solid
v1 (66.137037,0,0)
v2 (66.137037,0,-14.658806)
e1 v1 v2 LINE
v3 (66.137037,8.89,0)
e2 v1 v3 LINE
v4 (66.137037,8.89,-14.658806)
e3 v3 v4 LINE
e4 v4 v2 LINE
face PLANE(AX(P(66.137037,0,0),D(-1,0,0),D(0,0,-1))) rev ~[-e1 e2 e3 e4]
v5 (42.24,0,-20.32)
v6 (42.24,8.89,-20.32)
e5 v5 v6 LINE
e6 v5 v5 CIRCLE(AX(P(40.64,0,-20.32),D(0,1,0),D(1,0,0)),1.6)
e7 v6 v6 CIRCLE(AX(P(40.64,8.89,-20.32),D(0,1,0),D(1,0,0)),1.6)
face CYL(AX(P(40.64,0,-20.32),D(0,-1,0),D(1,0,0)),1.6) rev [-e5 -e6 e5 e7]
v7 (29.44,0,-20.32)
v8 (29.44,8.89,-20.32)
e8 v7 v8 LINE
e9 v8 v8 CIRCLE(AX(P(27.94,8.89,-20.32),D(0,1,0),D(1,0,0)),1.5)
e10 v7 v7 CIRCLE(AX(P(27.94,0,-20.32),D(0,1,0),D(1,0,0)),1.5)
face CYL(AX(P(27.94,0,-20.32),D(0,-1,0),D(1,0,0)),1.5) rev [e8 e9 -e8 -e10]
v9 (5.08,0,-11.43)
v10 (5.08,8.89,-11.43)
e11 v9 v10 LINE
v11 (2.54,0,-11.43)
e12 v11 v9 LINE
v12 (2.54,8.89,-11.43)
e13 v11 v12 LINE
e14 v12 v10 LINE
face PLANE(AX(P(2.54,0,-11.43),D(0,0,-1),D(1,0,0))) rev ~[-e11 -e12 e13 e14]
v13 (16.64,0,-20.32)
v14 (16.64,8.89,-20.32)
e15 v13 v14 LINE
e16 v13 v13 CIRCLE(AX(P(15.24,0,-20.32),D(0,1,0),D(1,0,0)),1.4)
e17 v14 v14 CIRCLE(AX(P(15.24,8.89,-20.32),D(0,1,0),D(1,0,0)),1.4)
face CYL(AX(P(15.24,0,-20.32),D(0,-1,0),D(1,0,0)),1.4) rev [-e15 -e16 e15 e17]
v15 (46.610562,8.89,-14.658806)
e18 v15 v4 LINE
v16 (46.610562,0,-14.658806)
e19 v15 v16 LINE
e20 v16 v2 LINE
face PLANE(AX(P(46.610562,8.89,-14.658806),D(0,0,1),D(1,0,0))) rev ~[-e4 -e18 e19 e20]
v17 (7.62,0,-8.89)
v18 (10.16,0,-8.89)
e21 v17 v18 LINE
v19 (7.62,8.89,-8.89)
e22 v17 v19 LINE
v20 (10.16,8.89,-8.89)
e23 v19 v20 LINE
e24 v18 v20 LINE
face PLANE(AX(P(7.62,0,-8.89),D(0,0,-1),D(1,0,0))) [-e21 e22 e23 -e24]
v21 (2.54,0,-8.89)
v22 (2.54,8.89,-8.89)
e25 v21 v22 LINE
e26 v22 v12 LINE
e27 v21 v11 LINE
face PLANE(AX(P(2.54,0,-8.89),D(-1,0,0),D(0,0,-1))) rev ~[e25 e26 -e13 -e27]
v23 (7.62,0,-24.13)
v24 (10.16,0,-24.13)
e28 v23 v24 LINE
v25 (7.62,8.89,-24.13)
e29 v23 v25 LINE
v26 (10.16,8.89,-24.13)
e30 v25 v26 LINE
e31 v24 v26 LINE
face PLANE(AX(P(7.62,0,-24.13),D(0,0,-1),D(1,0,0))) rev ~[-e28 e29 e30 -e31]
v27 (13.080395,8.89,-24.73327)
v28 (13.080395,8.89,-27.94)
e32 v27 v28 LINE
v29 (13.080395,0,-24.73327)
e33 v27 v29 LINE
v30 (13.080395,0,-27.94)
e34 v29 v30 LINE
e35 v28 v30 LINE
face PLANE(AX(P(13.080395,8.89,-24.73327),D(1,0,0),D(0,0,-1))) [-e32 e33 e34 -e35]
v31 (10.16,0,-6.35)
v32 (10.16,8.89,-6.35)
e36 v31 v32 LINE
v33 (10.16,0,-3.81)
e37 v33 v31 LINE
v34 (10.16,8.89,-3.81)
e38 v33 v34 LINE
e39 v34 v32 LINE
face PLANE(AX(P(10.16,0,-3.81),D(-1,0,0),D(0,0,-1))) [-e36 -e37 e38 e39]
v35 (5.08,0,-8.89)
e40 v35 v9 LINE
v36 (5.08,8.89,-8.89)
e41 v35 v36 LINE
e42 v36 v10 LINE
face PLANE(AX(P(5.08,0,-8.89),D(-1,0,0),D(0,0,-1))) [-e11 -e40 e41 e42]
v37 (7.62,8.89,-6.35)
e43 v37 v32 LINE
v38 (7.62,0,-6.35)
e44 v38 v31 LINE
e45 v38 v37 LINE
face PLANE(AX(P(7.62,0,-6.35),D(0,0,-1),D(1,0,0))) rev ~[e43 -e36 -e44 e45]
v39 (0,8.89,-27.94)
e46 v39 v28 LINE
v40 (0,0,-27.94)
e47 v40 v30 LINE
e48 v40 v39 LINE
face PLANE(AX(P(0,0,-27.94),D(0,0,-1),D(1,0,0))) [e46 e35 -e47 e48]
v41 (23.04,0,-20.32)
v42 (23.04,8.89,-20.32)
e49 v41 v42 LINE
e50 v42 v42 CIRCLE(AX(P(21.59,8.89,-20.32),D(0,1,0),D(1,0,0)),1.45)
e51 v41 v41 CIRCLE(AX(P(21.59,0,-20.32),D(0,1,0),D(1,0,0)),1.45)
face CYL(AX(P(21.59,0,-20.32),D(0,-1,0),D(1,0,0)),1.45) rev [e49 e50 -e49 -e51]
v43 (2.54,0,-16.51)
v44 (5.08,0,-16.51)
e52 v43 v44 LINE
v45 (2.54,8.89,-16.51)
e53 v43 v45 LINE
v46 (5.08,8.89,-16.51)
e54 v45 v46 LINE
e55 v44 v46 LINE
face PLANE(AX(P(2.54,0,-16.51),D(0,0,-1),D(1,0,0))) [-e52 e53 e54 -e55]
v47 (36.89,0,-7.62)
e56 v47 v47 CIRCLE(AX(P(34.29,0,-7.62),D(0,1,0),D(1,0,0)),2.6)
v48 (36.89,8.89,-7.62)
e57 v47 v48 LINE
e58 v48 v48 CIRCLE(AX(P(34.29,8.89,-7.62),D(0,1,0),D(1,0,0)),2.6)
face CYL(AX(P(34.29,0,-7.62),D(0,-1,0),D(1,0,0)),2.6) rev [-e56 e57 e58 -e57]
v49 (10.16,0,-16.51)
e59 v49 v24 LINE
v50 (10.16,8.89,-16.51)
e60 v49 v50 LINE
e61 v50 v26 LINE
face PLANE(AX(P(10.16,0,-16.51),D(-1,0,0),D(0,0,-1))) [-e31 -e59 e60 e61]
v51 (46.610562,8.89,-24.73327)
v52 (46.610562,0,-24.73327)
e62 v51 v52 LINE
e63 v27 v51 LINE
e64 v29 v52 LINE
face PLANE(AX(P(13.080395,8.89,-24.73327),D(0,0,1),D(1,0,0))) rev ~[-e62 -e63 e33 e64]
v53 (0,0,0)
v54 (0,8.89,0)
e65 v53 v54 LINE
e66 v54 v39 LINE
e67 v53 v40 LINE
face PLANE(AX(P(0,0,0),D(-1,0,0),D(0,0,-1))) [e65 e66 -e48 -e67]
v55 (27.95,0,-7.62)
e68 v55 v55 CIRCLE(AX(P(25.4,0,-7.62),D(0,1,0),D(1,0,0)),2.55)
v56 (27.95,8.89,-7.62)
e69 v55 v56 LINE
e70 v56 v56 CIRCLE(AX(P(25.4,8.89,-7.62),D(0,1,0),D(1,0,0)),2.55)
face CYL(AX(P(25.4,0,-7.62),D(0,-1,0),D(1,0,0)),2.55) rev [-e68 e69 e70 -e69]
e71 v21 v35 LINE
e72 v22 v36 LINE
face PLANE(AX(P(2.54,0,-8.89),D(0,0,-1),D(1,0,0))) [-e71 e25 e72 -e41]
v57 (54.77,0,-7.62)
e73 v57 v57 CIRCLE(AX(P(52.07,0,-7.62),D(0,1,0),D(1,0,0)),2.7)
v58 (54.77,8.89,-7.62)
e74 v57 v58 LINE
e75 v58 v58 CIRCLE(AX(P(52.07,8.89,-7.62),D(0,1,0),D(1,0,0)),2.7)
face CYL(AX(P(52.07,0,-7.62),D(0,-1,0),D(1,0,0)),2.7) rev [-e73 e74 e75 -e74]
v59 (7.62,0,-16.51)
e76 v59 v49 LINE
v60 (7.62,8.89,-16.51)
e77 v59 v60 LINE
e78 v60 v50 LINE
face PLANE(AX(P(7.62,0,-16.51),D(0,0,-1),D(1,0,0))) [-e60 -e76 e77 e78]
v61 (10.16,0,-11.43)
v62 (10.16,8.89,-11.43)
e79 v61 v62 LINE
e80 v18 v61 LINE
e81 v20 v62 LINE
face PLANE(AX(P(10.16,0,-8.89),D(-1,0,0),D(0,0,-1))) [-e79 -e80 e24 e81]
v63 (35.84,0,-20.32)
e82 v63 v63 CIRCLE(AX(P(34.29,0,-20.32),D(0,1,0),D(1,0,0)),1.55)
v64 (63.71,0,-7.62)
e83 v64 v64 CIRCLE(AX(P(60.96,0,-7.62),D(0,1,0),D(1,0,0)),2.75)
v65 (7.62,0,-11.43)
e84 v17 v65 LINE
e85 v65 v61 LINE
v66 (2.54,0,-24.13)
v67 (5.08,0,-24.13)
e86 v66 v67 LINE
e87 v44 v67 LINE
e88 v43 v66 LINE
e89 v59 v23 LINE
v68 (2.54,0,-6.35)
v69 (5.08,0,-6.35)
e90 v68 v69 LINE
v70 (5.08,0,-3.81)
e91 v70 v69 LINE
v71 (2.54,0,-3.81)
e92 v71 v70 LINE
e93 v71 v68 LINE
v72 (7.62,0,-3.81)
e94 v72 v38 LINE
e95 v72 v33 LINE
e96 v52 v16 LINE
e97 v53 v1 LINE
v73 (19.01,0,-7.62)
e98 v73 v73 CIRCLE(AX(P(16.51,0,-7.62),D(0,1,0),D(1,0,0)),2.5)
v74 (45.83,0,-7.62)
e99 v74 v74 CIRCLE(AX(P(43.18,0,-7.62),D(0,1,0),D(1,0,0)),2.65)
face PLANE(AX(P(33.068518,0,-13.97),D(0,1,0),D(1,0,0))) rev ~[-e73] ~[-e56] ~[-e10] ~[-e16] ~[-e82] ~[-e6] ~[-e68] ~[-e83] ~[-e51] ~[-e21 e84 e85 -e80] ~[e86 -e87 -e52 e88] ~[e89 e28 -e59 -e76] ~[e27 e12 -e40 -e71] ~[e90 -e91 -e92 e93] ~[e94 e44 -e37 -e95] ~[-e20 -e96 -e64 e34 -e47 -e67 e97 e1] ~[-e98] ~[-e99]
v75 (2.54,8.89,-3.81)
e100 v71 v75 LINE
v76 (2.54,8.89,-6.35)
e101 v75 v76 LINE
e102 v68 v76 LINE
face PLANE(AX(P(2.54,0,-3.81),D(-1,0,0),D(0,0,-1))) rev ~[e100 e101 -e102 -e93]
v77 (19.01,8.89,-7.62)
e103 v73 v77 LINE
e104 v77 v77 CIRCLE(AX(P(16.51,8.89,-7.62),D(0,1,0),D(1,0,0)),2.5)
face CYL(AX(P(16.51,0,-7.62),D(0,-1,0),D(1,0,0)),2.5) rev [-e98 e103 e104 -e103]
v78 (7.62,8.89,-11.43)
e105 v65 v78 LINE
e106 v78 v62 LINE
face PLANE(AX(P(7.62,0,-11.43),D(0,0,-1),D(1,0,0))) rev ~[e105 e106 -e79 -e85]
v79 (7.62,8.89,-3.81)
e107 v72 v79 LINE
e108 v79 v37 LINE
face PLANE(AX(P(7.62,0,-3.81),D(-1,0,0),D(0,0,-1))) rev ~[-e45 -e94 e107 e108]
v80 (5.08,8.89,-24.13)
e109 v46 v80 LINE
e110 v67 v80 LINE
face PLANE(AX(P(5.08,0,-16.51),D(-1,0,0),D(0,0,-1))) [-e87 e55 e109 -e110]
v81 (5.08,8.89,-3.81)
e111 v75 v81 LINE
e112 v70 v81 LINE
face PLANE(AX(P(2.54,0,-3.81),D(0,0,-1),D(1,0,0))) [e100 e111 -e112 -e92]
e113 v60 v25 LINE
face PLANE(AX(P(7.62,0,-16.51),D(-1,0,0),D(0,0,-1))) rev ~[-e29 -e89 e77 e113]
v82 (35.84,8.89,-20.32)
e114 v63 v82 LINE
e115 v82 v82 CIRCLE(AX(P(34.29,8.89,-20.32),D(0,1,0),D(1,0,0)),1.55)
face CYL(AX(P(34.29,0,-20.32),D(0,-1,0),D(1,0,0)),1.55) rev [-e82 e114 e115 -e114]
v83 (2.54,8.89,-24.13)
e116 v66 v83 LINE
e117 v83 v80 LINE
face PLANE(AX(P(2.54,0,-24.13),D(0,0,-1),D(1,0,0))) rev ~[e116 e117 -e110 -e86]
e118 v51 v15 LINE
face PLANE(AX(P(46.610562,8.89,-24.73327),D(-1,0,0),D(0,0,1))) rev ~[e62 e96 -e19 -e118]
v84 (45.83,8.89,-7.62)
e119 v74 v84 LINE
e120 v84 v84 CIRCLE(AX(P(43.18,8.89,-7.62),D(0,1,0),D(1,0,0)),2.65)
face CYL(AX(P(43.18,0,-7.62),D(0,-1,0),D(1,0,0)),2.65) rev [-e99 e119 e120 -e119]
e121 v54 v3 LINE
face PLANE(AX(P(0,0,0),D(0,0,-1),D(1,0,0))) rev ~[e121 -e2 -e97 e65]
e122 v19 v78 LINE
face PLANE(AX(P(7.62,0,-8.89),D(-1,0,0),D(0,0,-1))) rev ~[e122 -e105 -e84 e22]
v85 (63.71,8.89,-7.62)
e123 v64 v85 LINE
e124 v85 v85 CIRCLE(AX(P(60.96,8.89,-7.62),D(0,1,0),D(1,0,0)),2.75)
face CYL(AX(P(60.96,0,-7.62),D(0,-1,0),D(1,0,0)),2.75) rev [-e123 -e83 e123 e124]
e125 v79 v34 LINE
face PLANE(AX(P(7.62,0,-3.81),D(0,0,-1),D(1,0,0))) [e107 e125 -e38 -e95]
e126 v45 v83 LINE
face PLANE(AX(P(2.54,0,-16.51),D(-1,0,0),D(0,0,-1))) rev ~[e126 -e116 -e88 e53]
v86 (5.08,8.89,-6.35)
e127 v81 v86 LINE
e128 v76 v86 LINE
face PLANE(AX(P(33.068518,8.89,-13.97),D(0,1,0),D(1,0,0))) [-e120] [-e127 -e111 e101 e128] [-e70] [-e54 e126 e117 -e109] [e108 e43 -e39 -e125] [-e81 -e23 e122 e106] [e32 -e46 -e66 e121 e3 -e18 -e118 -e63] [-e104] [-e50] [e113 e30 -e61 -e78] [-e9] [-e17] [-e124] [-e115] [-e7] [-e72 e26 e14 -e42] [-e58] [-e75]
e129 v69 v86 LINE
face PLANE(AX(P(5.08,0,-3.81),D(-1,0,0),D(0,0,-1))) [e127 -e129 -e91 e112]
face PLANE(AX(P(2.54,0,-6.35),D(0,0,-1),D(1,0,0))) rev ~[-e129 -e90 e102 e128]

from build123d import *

# Parameters (mm, degrees)
SKETCH1_W           = 66.137036943
SKETCH1_H           = 27.94
SKETCH1_R           = 1.4
SKETCH1_R_2         = 1.45
SKETCH1_R_3         = 1.5
SKETCH1_R_4         = 1.55
SKETCH1_R_5         = 1.6
SKETCH1_R_6         = 2.5
SKETCH1_R_7         = 2.55
SKETCH1_R_8         = 2.6
SKETCH1_R_9         = 2.65
SKETCH1_R_10        = 2.7
SKETCH1_R_11        = 2.75
SKETCH1_W_2         = 2.54
SKETCH1_H_2         = 7.62
SKETCH1_H_3         = 2.54
BOSS_EXTRUDE1_DEPTH = 8.89
SKETCH2_W           = 33.530167106
SKETCH2_H           = 3.206730365
CUT_EXTRUDE1_DEPTH  = 9.89


with BuildPart() as part:
    # Sketch1 → Boss-Extrude1 (new body)
    with BuildSketch(Plane(origin=(0, 0, 0), x_dir=(1, 0, 0), z_dir=(0, 1, 0))):
        with Locations((33.068518471, 13.97)):
            Rectangle(SKETCH1_W, SKETCH1_H)
        with Locations((15.24, 20.32)):
            Circle(SKETCH1_R, mode=Mode.SUBTRACT)
        with Locations((21.59, 20.32)):
            Circle(SKETCH1_R_2, mode=Mode.SUBTRACT)
        with Locations((27.94, 20.32)):
            Circle(SKETCH1_R_3, mode=Mode.SUBTRACT)
        with Locations((34.29, 20.32)):
            Circle(SKETCH1_R_4, mode=Mode.SUBTRACT)
        with Locations((40.64, 20.32)):
            Circle(SKETCH1_R_5, mode=Mode.SUBTRACT)
        with Locations((16.51, 7.62)):
            Circle(SKETCH1_R_6, mode=Mode.SUBTRACT)
        with Locations((25.4, 7.62)):
            Circle(SKETCH1_R_7, mode=Mode.SUBTRACT)
        with Locations((34.29, 7.62)):
            Circle(SKETCH1_R_8, mode=Mode.SUBTRACT)
        with Locations((43.18, 7.62)):
            Circle(SKETCH1_R_9, mode=Mode.SUBTRACT)
        with Locations((52.07, 7.62)):
            Circle(SKETCH1_R_10, mode=Mode.SUBTRACT)
        with Locations((60.96, 7.62)):
            Circle(SKETCH1_R_11, mode=Mode.SUBTRACT)
        with Locations((3.81, 20.32)):
            Rectangle(SKETCH1_W_2, SKETCH1_H_2, mode=Mode.SUBTRACT)
        with Locations((8.89, 20.32)):
            Rectangle(SKETCH1_W_2, SKETCH1_H_2, mode=Mode.SUBTRACT)
        with Locations((3.81, 10.16)):
            Rectangle(SKETCH1_W_2, SKETCH1_H_3, mode=Mode.SUBTRACT)
        with Locations((8.89, 10.16)):
            Rectangle(SKETCH1_W_2, SKETCH1_H_3, mode=Mode.SUBTRACT)
        with Locations((3.81, 5.08)):
            Rectangle(SKETCH1_W_2, SKETCH1_H_3, mode=Mode.SUBTRACT)
        with Locations((8.89, 5.08)):
            Rectangle(SKETCH1_W_2, SKETCH1_H_3, mode=Mode.SUBTRACT)
    extrude(amount=BOSS_EXTRUDE1_DEPTH)

    # Sketch2 → Cut-Extrude1 (cut, through all)
    with BuildSketch(Plane(origin=(0, 8.89, 0), x_dir=(1, 0, 0), z_dir=(0, 1, 0))):
        with Locations((29.845478727, 26.336634818)):
            Rectangle(SKETCH2_W, SKETCH2_H)
        Polygon((66.137036943, 27.94), (46.61056228, 27.94), (46.61056228, 24.733269635), (46.61056228, 14.65880598), (66.137036943, 14.65880598), align=None)
    extrude(amount=-CUT_EXTRUDE1_DEPTH, mode=Mode.SUBTRACT)


solid = part.part
